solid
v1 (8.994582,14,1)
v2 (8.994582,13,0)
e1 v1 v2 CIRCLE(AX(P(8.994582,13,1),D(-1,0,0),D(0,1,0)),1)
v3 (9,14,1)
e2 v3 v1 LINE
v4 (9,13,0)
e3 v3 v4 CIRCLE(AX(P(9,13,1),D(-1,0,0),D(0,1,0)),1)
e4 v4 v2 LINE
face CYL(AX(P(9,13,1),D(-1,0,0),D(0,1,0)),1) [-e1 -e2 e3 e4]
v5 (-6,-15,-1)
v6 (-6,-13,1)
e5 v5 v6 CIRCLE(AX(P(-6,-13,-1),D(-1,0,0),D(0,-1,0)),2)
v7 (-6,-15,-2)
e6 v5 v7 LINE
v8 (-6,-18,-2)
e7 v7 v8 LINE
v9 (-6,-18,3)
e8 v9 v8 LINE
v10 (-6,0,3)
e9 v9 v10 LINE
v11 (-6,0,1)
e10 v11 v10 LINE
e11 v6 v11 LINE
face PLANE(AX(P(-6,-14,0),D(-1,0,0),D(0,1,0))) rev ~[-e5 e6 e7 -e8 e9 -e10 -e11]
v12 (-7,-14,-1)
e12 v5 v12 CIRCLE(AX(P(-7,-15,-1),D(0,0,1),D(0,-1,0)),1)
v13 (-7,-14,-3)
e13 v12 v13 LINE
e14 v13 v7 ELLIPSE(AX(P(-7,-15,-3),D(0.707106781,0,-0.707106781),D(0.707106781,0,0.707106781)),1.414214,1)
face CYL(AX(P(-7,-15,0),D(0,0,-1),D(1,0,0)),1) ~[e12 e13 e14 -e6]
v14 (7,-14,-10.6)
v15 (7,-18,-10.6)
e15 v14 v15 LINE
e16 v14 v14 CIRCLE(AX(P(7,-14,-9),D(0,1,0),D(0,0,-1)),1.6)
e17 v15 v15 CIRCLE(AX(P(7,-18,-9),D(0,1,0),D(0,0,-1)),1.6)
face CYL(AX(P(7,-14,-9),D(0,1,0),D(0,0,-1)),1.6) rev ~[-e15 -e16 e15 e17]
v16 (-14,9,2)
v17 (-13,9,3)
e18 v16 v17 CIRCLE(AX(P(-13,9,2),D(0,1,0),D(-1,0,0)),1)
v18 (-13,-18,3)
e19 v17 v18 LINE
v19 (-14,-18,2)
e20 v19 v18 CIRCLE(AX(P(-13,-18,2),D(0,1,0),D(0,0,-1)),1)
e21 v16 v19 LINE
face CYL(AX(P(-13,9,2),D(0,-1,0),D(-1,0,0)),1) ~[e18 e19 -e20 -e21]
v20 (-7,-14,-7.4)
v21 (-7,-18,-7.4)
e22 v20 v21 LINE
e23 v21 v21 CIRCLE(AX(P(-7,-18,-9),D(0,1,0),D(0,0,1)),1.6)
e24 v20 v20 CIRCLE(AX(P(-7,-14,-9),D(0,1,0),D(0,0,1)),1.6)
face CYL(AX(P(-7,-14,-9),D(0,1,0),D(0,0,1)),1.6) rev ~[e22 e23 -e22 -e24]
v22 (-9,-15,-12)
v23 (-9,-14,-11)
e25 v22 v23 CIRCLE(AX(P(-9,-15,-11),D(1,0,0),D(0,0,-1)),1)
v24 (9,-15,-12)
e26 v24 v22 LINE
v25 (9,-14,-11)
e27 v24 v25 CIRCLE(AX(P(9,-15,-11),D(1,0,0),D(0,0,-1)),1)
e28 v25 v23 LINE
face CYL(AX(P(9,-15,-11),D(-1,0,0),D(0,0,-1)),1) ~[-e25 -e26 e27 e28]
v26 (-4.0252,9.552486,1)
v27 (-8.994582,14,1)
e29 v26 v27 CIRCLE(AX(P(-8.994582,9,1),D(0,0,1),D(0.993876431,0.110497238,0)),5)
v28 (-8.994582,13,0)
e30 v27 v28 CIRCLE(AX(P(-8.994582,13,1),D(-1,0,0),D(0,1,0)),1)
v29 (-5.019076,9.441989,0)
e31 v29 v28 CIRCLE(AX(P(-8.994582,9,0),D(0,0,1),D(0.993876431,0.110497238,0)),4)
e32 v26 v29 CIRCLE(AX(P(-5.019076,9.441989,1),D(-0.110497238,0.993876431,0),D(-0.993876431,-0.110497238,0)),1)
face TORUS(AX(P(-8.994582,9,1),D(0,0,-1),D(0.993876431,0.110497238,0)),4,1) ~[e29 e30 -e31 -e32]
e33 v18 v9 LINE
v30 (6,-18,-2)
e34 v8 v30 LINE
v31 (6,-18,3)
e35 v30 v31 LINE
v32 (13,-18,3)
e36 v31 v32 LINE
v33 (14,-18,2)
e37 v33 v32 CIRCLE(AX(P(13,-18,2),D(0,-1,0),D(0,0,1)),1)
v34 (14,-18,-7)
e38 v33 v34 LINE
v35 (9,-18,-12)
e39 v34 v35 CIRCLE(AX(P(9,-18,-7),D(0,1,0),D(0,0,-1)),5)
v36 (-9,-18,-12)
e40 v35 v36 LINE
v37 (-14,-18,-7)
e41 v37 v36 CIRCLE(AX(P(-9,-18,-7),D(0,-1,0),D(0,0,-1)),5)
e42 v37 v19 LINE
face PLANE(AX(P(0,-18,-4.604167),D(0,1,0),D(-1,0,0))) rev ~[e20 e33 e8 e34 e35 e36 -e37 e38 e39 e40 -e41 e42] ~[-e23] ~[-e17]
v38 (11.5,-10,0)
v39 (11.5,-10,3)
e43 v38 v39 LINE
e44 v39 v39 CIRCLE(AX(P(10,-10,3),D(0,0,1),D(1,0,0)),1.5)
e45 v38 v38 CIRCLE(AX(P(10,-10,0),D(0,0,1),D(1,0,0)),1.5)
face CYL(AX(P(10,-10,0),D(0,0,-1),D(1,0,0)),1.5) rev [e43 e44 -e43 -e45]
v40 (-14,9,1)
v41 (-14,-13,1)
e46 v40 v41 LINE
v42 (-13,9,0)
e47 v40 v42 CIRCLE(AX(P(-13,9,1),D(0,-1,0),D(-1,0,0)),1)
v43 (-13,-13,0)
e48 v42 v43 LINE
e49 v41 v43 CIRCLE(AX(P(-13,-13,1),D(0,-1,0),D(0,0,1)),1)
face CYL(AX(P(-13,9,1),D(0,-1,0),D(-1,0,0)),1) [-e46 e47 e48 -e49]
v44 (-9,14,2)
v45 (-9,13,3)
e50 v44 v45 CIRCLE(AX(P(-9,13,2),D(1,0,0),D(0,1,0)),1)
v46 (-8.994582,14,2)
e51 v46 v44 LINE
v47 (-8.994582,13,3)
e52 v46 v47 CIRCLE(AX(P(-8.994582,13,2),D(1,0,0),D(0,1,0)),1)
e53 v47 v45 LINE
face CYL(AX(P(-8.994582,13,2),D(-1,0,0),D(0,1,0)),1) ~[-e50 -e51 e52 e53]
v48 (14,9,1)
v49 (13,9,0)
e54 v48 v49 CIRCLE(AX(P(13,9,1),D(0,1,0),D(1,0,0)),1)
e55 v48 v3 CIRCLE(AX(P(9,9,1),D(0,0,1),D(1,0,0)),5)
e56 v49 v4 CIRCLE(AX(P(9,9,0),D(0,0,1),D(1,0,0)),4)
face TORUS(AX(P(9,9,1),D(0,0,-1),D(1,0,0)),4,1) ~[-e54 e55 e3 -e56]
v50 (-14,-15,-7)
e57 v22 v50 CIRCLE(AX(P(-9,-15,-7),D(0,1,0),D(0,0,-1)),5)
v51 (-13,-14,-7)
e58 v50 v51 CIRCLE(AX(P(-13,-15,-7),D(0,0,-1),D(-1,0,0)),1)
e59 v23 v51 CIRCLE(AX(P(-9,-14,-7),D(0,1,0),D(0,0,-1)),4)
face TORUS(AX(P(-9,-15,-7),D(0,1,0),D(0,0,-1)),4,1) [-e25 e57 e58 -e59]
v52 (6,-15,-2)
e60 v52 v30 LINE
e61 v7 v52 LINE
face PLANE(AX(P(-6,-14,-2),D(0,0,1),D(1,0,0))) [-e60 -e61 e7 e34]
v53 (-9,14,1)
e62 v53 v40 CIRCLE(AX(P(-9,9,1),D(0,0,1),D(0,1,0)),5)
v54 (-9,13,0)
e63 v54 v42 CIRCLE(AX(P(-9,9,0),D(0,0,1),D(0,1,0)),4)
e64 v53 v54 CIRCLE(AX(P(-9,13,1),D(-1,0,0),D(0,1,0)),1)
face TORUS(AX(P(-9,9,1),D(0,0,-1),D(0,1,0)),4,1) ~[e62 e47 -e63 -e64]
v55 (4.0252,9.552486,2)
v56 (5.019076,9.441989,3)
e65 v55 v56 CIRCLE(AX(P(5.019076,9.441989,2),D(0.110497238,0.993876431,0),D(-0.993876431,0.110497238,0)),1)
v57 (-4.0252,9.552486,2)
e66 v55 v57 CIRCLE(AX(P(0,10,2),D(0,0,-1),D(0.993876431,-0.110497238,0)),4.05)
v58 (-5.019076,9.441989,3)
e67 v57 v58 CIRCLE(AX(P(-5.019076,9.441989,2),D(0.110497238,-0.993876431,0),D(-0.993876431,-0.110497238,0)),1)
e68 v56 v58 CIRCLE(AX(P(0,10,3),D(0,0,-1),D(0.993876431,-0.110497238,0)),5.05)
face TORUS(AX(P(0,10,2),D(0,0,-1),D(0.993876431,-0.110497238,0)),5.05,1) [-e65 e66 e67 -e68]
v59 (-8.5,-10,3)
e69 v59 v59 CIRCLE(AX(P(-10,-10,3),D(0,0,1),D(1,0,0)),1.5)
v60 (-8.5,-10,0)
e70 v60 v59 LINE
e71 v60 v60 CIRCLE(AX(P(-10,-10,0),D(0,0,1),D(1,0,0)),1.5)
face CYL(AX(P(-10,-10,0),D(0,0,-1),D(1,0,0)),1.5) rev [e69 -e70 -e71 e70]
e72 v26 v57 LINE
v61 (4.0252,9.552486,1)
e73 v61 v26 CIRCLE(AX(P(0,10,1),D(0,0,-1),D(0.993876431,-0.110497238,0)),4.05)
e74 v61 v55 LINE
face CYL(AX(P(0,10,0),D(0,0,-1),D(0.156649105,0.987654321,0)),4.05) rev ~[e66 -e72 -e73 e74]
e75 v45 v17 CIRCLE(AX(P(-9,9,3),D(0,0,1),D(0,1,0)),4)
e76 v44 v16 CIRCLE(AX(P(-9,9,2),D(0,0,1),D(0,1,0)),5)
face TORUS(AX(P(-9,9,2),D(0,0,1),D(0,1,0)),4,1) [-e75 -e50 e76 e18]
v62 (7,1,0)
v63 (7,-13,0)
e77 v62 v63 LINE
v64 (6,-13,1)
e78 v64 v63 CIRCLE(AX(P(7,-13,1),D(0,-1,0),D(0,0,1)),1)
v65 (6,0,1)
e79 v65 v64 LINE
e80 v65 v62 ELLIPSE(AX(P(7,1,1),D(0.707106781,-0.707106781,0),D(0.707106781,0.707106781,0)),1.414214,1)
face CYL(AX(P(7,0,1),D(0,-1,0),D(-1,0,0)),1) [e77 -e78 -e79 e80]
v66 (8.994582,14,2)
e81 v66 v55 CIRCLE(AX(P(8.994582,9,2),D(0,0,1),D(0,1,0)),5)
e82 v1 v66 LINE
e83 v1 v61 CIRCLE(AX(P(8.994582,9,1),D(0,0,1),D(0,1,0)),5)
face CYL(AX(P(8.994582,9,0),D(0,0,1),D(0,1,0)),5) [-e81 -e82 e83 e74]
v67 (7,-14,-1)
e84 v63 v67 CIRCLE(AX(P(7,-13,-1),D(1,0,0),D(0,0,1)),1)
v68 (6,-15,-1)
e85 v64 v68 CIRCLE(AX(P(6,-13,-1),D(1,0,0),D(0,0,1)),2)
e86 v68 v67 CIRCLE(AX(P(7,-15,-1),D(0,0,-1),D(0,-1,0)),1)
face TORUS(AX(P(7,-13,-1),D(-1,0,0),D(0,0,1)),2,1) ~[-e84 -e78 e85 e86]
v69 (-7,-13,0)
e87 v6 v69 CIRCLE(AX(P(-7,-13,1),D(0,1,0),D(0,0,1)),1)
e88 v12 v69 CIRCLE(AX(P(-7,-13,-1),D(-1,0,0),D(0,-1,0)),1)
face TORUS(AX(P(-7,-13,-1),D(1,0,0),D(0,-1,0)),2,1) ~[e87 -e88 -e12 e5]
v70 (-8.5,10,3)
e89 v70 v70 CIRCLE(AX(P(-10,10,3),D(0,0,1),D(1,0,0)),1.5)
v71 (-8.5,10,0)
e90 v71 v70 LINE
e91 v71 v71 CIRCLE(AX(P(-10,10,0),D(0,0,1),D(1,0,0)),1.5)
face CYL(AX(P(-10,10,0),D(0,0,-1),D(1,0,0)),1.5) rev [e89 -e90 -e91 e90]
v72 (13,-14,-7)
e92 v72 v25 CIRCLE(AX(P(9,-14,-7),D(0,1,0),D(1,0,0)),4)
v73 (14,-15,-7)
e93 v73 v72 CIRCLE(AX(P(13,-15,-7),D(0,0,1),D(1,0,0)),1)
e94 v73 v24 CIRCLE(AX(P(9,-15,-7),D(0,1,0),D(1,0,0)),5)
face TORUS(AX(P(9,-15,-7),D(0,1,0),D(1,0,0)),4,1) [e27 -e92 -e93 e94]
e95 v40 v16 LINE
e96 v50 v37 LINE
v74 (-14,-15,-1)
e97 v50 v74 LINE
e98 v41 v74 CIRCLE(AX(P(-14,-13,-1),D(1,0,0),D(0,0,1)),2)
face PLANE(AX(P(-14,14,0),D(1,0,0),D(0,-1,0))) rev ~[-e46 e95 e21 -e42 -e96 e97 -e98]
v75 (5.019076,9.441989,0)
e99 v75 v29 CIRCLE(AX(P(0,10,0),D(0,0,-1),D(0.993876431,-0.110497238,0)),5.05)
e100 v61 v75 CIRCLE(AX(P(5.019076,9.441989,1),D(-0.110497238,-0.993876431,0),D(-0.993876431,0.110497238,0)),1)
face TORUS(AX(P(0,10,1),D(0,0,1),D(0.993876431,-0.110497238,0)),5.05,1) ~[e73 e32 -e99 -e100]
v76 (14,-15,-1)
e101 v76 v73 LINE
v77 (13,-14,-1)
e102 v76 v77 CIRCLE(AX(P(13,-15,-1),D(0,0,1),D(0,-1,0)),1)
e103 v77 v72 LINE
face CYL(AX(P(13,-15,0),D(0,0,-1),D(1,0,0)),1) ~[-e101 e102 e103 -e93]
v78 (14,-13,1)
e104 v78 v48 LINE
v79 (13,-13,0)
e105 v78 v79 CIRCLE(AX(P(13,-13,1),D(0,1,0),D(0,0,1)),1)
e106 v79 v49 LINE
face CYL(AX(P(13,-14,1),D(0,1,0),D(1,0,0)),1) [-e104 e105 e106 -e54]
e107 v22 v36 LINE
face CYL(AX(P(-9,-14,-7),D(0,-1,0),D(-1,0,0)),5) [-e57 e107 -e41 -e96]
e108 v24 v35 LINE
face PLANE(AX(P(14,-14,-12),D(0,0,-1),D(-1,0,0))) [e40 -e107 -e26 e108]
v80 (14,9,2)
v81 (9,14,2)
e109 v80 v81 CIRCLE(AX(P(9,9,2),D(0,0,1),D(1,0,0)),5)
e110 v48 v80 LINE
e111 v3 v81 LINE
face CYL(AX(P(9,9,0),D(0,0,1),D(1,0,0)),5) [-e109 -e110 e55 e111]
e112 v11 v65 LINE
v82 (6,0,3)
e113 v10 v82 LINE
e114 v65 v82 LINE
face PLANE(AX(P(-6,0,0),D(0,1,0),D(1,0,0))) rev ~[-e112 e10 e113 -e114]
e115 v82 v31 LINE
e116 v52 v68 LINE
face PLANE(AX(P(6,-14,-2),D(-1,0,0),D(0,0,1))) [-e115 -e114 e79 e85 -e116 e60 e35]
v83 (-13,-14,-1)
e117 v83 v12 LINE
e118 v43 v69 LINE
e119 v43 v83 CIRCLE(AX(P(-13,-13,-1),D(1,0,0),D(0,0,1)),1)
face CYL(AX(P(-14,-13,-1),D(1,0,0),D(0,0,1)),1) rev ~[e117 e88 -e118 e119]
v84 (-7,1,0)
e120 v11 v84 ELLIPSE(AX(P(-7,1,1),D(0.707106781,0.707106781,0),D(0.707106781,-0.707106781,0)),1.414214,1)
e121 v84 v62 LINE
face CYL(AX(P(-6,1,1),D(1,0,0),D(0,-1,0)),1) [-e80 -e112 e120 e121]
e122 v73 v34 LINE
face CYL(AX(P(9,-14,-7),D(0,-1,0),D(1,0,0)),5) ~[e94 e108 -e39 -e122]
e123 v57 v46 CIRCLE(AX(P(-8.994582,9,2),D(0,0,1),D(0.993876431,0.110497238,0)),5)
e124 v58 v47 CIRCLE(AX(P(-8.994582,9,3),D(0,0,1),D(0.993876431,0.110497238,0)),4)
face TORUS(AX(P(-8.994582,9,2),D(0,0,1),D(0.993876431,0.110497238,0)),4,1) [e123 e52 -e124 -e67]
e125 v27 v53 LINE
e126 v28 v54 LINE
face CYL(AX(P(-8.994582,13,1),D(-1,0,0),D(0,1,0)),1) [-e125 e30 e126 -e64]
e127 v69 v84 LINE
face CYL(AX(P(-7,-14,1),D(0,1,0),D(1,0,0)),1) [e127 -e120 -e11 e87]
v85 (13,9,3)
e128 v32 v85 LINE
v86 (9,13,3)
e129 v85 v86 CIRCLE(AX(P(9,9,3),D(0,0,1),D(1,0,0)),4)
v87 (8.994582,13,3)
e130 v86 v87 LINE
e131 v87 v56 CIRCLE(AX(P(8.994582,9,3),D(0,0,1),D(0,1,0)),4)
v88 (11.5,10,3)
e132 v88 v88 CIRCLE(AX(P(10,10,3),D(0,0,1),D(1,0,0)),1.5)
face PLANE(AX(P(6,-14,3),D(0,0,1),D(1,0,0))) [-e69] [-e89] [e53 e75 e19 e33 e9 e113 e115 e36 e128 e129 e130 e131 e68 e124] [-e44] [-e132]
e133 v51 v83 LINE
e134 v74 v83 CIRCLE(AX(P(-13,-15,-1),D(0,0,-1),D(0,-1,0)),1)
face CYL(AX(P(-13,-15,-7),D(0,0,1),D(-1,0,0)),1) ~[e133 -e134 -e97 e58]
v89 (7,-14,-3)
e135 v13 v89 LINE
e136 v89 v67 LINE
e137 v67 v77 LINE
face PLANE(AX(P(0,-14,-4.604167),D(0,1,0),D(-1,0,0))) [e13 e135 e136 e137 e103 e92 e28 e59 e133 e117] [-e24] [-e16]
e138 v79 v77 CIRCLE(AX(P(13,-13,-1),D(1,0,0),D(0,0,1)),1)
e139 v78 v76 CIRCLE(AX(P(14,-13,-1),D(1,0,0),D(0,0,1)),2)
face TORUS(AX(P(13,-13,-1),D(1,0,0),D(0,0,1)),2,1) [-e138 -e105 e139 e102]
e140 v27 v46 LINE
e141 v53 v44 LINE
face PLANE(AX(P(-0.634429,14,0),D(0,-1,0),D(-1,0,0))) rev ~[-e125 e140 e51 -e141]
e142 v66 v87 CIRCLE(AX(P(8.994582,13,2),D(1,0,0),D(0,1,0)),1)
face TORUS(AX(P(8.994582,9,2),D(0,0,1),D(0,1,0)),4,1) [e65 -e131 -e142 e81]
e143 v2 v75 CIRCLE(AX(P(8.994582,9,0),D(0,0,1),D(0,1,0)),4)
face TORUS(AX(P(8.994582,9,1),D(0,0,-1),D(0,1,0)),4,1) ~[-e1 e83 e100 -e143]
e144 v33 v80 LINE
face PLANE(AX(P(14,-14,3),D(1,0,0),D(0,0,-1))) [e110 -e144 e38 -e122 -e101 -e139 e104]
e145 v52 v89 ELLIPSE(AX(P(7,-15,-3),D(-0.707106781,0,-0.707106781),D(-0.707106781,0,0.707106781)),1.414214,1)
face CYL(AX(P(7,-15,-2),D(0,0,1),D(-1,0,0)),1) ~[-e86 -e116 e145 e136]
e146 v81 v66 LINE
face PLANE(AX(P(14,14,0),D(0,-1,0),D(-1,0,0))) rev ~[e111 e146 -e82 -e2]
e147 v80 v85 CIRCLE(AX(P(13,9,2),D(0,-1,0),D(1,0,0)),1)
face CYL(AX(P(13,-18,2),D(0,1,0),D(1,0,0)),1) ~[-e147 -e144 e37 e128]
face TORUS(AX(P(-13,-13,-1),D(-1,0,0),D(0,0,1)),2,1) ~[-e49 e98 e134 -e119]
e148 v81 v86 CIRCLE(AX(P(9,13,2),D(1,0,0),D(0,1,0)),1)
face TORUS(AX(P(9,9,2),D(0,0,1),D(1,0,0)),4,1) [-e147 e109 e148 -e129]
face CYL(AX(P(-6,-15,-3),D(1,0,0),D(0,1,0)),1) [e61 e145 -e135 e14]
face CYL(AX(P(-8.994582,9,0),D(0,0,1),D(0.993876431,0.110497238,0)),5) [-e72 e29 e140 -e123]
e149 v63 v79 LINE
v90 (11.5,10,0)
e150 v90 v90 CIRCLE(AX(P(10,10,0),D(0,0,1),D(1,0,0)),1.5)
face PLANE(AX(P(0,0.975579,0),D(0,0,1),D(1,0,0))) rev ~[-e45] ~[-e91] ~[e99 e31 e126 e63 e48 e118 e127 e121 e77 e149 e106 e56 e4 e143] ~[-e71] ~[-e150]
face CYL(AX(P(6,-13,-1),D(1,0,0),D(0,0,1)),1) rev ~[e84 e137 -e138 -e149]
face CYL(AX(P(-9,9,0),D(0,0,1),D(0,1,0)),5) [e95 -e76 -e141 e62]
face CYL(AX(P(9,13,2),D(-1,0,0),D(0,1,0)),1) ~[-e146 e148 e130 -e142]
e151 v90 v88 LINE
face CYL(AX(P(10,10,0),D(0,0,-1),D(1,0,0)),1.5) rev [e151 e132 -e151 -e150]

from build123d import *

# Parameters (mm, degrees)
SKETCH_1_R          = 1.5
EXTRUDE_2_DEPTH     = 3
EXTRUDE_3_DEPTH     = 4
SKETCH_3_R          = 1.6
CUT_EXTRUDE_1_DEPTH = 5
FILLET_1_R          = 5
FILLET_2_R          = 1
FILLET_3_R          = 1


with BuildPart() as part:
    # 草图1 → 凸台-拉伸2 (new body)
    with BuildSketch(Plane.XY):
        with BuildLine():
            Line((6, -14), (14, -14))
            Line((14, -14), (14, 14))
            Line((14, 14), (0.634428877, 14))
            ThreePointArc((0.634428877, 14), (0, 5.95), (-0.634428877, 14))
            Line((-0.634428877, 14), (-14, 14))
            Line((-14, 14), (-14, -14))
            Line((-14, -14), (-6, -14))
            Line((-6, -14), (-6, 0))
            Line((-6, 0), (6, 0))
            Line((6, 0), (6, -14))
        make_face()
        with Locations((-10, 10)):
            Circle(SKETCH_1_R, mode=Mode.SUBTRACT)
        with Locations((10, 10)):
            Circle(SKETCH_1_R, mode=Mode.SUBTRACT)
        with Locations((10, -10)):
            Circle(SKETCH_1_R, mode=Mode.SUBTRACT)
        with Locations((-10, -10)):
            Circle(SKETCH_1_R, mode=Mode.SUBTRACT)
    extrude(amount=EXTRUDE_2_DEPTH)

    # 草图2 → 凸台-拉伸3 (add)
    with BuildSketch(Plane.XZ.offset(14)):
        Polygon((6, 3), (14, 3), (14, -12), (-14, -12), (-14, 3), (-6, 3), (-6, -2), (6, -2), align=None)
    extrude(amount=EXTRUDE_3_DEPTH)

    # 草图3 → 切除-拉伸1 (cut)
    with BuildSketch(Plane(origin=(0, -14, 0), x_dir=(1, 0, 0), z_dir=(0, 1, 0))):
        with Locations(Location((-7, 9, 0), (0, 0, 270))):
            Circle(SKETCH_3_R)
        with Locations(Location((7, 9, 0), (0, 0, 90))):
            Circle(SKETCH_3_R)
    extrude(amount=-CUT_EXTRUDE_1_DEPTH, mode=Mode.SUBTRACT)

    # 圆角1
    fillet_1_edges = [part.edges().sort_by_distance(p)[0] for p in [
        (-14, 14, 1.5),
        (-0.634428877, 14, 1.5),
        (0.634428877, 14, 1.5),
        (14, 14, 1.5),
        (-14, -16, -12),
        (14, -16, -12),
    ]]
    fillet(fillet_1_edges, radius=FILLET_1_R)

    # 圆角2
    fillet_2_edges = [part.edges().sort_by_distance(p)[0] for p in [
        (0, 0, 0),
        (-6, -7, 0),
        (-10, -14, 0),
        (14, -2.5, 0),
        (-14, -14, -3.5),
        (6, -14, -1),
        (0, -14, -2),
        (-6, -14, -1),
        (-8.997290851, 14, 0),
        (-14, -2.5, 0),
        (0, 5.95, 0),
        (8.997290851, 14, 0),
        (12.535533906, 12.535533906, 0),
        (-12.535533906, 12.535533906, 0),
        (5.660097555, 12.725750323, 0),
        (-5.660097555, 12.725750323, 0),
        (10, -14, 0),
        (14, -14, -3.5),
        (0, -14, -12),
        (6, -7, 0),
        (12.535533906, -14, -10.535533906),
        (-12.535533906, -14, -10.535533906),
    ]]
    fillet(fillet_2_edges, radius=FILLET_2_R)

    # 圆角3
    fillet_3_edges = [part.edges().sort_by_distance(p)[0] for p in [
        (14, -4.5, 3),
        (-8.997290851, 14, 3),
        (0, 5.95, 3),
        (8.997290851, 14, 3),
        (-14, -4.5, 3),
        (12.535533906, 12.535533906, 3),
        (-12.535533906, 12.535533906, 3),
        (5.660097555, 12.725750323, 3),
        (-5.660097555, 12.725750323, 3),
    ]]
    fillet(fillet_3_edges, radius=FILLET_3_R)


solid = part.part
